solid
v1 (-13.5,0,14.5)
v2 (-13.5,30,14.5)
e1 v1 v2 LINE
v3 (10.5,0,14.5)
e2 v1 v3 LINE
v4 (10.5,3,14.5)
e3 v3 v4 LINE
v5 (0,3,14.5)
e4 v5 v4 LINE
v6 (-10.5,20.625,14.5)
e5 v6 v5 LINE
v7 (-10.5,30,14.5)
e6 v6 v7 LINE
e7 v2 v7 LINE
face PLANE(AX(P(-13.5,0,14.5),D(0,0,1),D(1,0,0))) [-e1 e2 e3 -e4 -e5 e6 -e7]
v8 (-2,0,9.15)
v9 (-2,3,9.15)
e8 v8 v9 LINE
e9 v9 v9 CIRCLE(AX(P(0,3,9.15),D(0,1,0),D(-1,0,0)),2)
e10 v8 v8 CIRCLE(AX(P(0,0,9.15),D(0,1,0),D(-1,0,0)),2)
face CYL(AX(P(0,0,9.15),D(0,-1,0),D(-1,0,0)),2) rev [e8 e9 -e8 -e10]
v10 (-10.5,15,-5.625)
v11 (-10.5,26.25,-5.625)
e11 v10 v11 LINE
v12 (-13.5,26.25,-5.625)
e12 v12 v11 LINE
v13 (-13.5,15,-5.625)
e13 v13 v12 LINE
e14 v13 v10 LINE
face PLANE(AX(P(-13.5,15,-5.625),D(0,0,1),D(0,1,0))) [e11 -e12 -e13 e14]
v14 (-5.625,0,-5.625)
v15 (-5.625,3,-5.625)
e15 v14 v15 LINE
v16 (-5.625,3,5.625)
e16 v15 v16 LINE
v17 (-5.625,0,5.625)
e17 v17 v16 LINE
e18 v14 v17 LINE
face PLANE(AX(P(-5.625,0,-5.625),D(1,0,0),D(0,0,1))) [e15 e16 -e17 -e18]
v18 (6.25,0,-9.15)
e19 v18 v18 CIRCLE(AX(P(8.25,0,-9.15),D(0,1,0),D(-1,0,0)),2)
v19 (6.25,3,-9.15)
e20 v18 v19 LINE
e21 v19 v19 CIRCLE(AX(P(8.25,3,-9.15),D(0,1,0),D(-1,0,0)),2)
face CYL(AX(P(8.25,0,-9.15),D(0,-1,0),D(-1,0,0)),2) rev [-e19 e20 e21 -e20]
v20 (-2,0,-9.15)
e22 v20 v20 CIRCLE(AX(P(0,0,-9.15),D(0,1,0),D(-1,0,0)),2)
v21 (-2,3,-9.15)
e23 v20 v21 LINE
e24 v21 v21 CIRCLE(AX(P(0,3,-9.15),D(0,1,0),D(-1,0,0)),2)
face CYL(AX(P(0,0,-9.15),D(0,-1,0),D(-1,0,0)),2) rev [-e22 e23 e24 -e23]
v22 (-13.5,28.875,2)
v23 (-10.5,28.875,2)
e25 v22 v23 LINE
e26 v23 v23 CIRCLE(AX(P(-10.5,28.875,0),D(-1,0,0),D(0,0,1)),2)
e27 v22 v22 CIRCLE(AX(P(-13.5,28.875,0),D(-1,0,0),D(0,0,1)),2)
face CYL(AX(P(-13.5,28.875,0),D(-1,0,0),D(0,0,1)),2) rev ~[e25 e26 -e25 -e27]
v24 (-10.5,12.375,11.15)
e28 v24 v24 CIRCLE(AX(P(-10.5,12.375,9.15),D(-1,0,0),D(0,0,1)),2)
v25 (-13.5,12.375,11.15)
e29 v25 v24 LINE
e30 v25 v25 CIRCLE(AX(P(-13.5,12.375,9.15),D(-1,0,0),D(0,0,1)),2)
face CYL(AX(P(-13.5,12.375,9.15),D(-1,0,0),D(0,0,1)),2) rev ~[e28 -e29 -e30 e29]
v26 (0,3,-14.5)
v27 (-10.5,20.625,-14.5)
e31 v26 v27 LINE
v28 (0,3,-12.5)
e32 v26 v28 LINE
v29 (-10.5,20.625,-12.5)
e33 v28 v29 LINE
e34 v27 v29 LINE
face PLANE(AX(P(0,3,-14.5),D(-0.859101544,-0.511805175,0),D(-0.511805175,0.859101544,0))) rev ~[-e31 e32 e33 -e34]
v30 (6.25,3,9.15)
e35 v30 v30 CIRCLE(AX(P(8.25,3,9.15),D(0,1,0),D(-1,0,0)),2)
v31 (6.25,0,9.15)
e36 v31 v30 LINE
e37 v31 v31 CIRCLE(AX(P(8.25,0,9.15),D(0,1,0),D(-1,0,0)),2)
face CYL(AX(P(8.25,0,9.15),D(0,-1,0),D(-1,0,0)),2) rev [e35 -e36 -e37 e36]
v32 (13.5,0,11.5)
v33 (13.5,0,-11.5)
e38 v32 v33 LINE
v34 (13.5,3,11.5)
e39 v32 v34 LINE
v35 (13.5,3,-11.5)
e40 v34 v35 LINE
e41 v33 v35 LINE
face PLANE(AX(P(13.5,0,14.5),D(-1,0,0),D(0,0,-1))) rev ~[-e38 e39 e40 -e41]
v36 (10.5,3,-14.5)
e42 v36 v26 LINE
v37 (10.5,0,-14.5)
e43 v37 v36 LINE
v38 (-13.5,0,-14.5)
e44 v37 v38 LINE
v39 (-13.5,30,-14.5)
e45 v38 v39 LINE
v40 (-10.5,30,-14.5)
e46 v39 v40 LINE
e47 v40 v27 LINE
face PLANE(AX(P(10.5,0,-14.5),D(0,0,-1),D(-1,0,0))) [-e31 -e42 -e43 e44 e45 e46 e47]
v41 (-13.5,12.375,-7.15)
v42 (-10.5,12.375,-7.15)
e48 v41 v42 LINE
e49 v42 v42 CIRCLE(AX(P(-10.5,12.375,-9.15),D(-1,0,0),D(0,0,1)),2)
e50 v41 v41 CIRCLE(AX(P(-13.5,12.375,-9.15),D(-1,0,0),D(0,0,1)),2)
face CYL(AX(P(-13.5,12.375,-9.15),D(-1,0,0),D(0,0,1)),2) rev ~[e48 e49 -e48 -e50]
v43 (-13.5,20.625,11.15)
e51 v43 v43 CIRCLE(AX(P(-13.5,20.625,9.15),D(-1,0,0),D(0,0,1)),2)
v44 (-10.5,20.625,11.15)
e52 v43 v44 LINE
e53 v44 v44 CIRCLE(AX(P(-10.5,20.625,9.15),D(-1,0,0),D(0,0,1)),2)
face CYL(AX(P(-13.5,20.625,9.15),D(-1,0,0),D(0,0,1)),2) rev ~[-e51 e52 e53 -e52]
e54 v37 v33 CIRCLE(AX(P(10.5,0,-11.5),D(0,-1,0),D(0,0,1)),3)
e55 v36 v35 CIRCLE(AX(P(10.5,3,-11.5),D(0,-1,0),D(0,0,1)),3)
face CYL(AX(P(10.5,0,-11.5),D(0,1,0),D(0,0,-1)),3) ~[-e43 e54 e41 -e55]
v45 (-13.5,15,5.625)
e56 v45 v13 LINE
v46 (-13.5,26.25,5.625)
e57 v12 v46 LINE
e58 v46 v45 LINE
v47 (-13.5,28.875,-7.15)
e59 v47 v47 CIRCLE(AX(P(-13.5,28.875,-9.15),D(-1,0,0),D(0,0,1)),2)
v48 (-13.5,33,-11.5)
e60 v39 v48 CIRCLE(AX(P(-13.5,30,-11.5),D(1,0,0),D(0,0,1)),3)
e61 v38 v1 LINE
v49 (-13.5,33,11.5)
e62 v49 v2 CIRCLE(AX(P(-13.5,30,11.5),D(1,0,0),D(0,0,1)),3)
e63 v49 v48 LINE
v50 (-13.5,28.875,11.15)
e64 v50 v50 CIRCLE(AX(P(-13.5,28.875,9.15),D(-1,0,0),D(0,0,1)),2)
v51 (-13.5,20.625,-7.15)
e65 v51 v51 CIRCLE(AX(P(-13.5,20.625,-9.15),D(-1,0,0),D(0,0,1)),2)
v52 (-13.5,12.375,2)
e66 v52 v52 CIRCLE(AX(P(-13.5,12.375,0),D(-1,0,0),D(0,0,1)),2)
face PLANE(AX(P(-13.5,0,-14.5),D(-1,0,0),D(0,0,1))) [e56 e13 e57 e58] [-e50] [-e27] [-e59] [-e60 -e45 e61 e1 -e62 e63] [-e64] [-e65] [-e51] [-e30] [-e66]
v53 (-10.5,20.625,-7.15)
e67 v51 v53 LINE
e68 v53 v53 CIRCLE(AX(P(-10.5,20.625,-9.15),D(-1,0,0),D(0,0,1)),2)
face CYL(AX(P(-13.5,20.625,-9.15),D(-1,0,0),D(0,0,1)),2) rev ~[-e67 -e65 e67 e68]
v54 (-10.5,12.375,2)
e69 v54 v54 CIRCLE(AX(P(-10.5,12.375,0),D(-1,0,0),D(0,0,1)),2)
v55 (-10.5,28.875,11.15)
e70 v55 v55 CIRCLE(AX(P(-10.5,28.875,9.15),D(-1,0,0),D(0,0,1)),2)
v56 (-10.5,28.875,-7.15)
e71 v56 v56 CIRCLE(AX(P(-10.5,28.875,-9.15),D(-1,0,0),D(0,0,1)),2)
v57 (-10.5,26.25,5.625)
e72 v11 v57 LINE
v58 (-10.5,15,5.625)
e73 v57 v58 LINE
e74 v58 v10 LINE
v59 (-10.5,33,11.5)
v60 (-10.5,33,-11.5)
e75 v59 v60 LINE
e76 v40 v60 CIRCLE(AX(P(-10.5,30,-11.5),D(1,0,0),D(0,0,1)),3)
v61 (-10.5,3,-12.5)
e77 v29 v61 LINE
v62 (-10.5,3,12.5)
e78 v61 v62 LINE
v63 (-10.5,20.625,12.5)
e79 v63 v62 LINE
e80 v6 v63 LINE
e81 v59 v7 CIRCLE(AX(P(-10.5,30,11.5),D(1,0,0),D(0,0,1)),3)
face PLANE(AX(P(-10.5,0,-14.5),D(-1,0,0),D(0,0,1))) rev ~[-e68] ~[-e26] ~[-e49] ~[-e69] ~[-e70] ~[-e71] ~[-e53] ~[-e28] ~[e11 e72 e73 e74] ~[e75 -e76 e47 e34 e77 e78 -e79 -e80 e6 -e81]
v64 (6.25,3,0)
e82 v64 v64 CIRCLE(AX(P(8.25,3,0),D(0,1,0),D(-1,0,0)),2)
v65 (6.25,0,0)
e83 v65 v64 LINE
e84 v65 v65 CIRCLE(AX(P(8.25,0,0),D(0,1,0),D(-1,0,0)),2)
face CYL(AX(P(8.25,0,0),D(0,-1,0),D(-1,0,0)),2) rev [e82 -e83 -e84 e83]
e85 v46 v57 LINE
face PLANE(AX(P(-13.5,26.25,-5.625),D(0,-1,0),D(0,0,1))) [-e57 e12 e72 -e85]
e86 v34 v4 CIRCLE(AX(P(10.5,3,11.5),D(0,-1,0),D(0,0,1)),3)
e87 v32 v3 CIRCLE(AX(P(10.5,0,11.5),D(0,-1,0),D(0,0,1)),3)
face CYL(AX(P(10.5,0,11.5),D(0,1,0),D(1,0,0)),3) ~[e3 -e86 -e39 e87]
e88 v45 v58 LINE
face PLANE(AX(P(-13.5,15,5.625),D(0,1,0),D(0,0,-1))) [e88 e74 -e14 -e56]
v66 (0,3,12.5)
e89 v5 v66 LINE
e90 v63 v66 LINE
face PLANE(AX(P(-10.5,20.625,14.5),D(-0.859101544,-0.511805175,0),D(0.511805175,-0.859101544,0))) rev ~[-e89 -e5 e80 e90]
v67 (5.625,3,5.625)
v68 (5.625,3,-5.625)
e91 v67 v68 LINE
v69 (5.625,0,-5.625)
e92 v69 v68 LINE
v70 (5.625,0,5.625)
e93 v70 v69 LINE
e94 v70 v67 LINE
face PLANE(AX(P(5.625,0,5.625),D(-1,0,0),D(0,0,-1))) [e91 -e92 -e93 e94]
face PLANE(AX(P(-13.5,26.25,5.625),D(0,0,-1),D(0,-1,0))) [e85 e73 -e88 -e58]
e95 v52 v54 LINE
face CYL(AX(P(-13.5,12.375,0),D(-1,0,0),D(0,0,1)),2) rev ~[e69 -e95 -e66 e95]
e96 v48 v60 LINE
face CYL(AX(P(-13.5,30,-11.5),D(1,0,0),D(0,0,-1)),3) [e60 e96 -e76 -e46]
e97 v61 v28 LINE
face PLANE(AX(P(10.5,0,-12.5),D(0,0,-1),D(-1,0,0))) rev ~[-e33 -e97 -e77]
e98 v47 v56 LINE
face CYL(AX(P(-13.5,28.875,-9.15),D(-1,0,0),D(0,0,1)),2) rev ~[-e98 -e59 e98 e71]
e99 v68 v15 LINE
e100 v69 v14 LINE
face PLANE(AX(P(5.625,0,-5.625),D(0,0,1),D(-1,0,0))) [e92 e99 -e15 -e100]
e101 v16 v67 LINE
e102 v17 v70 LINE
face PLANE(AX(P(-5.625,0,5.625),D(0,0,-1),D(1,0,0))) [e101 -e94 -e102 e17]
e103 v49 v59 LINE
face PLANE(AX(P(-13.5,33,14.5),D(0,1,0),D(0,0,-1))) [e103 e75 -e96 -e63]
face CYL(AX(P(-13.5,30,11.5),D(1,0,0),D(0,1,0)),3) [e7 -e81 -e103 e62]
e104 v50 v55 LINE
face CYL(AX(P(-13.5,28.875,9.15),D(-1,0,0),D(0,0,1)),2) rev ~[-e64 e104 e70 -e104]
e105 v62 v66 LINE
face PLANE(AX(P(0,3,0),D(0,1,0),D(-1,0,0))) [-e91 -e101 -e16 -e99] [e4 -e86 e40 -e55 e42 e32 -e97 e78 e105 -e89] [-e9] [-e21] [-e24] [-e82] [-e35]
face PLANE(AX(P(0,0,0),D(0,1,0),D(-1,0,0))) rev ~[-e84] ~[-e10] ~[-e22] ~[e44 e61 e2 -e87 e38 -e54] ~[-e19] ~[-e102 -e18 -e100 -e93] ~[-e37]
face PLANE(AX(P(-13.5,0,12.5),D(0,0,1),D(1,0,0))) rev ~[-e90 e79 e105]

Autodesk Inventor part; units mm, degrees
ref_plane "YZ Plane" through (0, 0, 0) normal (1, 0, 0) x (0, 1, 0)
ref_plane "XZ Plane" through (0, 0, 0) normal (0, 1, 0) x (-1, 0, 0)
ref_plane "XY Plane" through (0, 0, 0) normal (0, 0, 1) x (1, 0, 0)
sketch "Sketch1" plane through (0, 0, 0) normal (0, 1, 0) x (-1, 0, 0)
  line L0 (13.5, 14.5) -> (-13.5, 14.5)
  line L1 (-13.5, 14.5) -> (-13.5, -14.5)
  line L2 (-13.5, -14.5) -> (13.5, -14.5)
  line L3 (13.5, -14.5) -> (13.5, 14.5)
  line L4 (5.625, 5.625) -> (-5.625, 5.625)
  line L5 (-5.625, 5.625) -> (-5.625, -5.625)
  line L6 (-5.625, -5.625) -> (5.625, -5.625)
  line L7 (5.625, -5.625) -> (5.625, 5.625)
  circle A0 centre (-8.25, 0) radius 2
  circle A1 centre (-8.25, -9.15) radius 2
  line L8 (-8.25, 0) -> (-4.1919, 0) construction
  circle A2 centre (-8.25, 9.15) radius 2
  line L9 (-4.125, 12.0498) -> (-4.125, -8.6633) construction
  circle A3 centre (0, -9.15) radius 2
  circle A4 centre (0, 9.15) radius 2
  point P0 (0, 0)
  point P1 (-4.125, 1.6932)
  dimension "d0" = 29
  dimension "d1" = 27
  dimension "d2" = 13.5
  dimension "d3" = 14.5
  dimension "d4" = 11.25
  dimension "d5" = 11.25
  dimension "d6" = 5.625
  dimension "d7" = 5.625
  dimension "d8" = 4
  dimension "d9" = 5.25
  dimension "d10" = 4
  dimension "d12" = 5.35
  dimension "d13" = 4.125
  dimension "d23" = 2.625
  dimension "d40" = 9.15
  dimension "d41" = 8.25
extrude "Extrusion1" add sketch "Sketch1" along normal blind 3
fillet "Fillet1" radius 3 2 edges at (13.5, 1.5, 14.5) (13.5, 1.5, -14.5)
sketch "Sketch2" plane through (-13.5, 0, -14.5) normal (-1, 0, 0) x (0, 0, 1)
  line L0 (0, 0) -> (0, 3) projected
  line L1 (0, 0) -> (29, 0)
  line L2 (29, 0) -> (29, 33)
  line L3 (29, 33) -> (0, 33)
  line L4 (0, 33) -> (0, 0)
  line L5 (0, 3) -> (29, 3) projected
  line L6 (8.875, 26.25) -> (20.125, 26.25)
  line L7 (20.125, 26.25) -> (20.125, 15)
  line L8 (20.125, 15) -> (8.875, 15)
  line L9 (8.875, 15) -> (8.875, 26.25)
  circle A0 centre (14.5, 12.375) radius 2
  circle A1 centre (23.65, 12.375) radius 2
  line L10 (3.2403, 20.625) -> (27.5408, 20.625) construction
  line L11 (14.5, 12.375) -> (14.5, 30.5106) construction
  circle A2 centre (5.35, 12.375) radius 2
  circle A3 centre (14.5, 28.875) radius 2
  circle A4 centre (23.65, 28.875) radius 2
  circle A5 centre (5.35, 28.875) radius 2
  line L12 (2.8915, 16.5) -> (25.3317, 16.5) construction
  circle A6 centre (23.65, 28.875) radius 2
  circle A7 centre (5.35, 28.875) radius 2
  circle A8 centre (23.65, 20.625) radius 2
  circle A9 centre (5.35, 20.625) radius 2
  point P0 (14.5, 0)
  dimension "d17" = 29
  dimension "d18" = 33
  dimension "d19" = 11.25
  dimension "d20" = 11.25
  dimension "d21" = 12
  dimension "d22" = 8.875
  dimension "d24" = 4
  dimension "d25" = 2.625
  dimension "d26" = 4
  dimension "d27" = 5.35
  dimension "d28" = 0
  dimension "d29" = 5.625
  dimension "d30" = 5.625
  dimension "d31" = 8.25
  dimension "d32" = 4.125
extrude "Extrusion2" add sketch "Sketch2" against normal blind 3 contours L4 L3 L2 L5
fillet "Fillet2" radius 3 2 edges at (-12, 33, 14.5) (-12, 33, -14.5)
sketch "Sketch3" plane through (-13.5, 0, 14.5) normal (0, 0, 1) x (1, 0, 0)
  line L0 (0, 18.625) -> (0, 22.625) projected
  line L1 (11.5, 3) -> (15.5, 3) projected
  line L2 (3, 22.625) -> (3, 18.625) projected
  line L3 (3, 22.625) -> (3, 18.625) projected
  line L4 (3, 20.625) -> (13.5, 3)
  line L5 (19.125, 3) -> (7.875, 3) projected
  line L6 (3, 30) -> (3, 3) projected
  line L7 (3, 3) -> (24, 3) projected
  point P0 (13.5, 0)
extrude "Extrusion3" add sketch "Sketch3" against normal blind 2
sketch "Sketch4" plane through (10.5, 0, -14.5) normal (0, 0, -1) x (-1, 0, 0)
  line L0 (10.5, 3) -> (21, 20.625) projected
  line L1 (21, 20.625) -> (21, 3) projected
  line L2 (21, 3) -> (10.5, 3) projected
  point P0 (10.5, 0)
extrude "Extrusion4" add sketch "Sketch4" against normal blind 2
equation "\"d2\" = 0.5 * d1"
equation "\"d3\" = 0.5 * d0"
equation "\"d5\" = d4"
equation "\"d6\" = 0.5 * d5"
equation "\"d7\" = 0.5 * d4"
equation "\"d13\" = -0.5 * d9 + 0.5 * d2"
equation "\"d20\" = d19"
equation "\"d22\" = 0.5 * d17 - 0.5 * d19"
equation "\"d26\" = d24"
equation "\"d29\" = 0.5 * d20"
equation "\"d30\" = d29"
equation "\"d32\" = 0.5 * d31"
properties part number "SoporteUnion" material "Plastic, Opaque Black"
